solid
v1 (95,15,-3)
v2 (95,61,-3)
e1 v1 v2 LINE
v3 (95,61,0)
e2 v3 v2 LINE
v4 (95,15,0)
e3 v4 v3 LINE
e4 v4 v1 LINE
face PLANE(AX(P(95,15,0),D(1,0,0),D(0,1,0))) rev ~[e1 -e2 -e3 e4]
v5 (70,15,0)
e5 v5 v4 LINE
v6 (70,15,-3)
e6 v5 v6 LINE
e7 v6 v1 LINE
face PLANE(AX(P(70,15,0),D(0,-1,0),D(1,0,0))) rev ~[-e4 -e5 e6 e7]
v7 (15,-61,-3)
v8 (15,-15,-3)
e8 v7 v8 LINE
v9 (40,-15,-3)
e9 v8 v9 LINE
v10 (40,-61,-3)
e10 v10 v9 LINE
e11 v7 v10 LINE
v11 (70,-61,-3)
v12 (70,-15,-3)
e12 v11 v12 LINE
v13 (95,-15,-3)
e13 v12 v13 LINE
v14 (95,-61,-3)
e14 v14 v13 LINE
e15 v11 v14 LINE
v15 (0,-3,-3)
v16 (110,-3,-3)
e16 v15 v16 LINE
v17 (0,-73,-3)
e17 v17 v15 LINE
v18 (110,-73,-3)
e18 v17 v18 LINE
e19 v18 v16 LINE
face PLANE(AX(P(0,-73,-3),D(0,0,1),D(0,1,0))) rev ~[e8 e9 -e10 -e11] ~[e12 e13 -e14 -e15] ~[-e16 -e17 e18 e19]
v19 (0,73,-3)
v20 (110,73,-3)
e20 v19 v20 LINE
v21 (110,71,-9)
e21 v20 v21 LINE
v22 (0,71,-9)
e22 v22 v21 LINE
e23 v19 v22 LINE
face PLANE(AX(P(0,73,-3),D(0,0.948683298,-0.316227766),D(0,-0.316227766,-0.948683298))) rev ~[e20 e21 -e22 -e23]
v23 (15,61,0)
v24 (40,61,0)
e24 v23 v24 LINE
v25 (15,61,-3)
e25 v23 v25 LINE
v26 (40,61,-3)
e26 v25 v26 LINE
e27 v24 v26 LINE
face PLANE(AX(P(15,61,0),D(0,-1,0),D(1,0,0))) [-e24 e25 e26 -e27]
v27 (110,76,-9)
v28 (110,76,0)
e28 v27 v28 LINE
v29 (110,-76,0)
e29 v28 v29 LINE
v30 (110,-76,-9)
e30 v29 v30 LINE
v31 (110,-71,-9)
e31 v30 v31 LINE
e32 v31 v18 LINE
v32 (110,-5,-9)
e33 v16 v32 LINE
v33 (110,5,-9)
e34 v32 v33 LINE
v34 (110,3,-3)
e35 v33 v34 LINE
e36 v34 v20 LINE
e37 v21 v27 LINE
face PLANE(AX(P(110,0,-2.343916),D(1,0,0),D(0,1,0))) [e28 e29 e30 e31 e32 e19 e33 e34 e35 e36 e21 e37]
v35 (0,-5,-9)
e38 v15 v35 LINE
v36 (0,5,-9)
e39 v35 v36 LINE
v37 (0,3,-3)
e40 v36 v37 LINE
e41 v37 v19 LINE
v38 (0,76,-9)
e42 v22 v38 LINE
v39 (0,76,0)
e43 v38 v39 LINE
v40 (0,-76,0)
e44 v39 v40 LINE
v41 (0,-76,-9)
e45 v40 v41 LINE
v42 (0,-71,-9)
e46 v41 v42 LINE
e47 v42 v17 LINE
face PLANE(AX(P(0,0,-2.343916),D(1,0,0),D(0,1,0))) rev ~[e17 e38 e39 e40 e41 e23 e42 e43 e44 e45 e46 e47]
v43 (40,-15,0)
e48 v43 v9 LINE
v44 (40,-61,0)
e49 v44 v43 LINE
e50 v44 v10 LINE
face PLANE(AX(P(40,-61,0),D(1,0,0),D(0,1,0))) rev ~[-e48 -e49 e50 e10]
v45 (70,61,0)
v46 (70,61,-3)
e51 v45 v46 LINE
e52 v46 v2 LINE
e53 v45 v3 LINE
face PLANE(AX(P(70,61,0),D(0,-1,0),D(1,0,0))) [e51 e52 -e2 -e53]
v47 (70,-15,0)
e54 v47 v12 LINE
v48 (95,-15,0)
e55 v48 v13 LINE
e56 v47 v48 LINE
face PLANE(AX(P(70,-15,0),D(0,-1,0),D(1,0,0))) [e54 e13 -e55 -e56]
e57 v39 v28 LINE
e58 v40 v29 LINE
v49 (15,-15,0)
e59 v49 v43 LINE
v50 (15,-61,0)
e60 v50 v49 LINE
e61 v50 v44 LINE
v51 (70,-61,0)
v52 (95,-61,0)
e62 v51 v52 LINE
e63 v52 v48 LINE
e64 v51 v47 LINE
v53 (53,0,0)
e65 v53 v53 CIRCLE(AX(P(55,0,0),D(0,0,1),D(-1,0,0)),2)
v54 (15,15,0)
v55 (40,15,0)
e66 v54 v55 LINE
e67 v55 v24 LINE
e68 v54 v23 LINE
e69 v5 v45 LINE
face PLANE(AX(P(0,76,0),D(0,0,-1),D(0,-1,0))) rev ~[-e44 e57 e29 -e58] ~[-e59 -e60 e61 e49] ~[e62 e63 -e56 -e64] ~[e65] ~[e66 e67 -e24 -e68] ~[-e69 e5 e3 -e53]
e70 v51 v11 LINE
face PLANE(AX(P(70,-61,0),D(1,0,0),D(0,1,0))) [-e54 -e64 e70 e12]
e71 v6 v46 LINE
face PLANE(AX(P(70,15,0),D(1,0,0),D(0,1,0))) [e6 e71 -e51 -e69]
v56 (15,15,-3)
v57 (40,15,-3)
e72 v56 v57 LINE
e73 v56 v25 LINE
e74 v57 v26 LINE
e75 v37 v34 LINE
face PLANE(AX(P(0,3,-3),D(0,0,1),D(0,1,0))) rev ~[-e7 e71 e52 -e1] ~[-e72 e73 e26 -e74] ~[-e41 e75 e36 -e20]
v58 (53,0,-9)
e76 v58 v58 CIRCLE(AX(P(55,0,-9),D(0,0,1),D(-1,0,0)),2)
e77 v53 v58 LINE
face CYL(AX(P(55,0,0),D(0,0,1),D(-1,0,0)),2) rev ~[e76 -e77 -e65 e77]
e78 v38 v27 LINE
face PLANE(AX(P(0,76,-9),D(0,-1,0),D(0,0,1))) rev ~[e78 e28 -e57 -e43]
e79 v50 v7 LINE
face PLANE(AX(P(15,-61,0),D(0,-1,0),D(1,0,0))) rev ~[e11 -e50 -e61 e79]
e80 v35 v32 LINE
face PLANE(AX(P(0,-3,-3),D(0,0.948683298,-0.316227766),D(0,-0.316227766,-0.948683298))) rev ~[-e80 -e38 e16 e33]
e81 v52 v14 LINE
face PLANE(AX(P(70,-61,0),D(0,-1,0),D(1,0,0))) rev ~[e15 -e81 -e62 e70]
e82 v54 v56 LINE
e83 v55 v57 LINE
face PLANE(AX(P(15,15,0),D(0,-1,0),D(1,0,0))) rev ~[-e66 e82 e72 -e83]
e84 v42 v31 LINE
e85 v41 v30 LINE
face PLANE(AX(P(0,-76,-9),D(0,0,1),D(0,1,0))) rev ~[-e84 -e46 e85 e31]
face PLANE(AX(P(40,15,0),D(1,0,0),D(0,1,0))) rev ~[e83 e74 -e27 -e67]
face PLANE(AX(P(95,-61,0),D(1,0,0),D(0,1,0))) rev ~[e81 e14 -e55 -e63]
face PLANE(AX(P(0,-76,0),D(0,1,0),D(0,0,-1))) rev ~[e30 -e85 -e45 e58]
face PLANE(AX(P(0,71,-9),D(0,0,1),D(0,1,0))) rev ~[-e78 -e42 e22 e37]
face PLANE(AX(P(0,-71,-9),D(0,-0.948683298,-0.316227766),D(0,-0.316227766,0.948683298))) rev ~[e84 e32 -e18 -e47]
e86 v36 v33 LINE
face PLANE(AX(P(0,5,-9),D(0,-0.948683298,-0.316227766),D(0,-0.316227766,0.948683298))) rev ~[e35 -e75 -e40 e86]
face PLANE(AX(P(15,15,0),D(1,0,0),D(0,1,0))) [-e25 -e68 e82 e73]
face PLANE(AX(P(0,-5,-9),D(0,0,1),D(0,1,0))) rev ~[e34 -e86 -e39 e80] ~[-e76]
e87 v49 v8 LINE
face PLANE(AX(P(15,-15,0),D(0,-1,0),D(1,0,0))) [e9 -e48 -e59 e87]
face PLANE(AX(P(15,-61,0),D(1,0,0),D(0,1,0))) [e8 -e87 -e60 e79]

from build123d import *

# Parameters (mm, degrees)
F1_DEPTH = 110
F2_W     = 25
F2_H     = 46
F3_DEPTH = 25


with BuildPart() as f1:
    # F0 (on Right) → F1 (new body)
    with BuildSketch(Plane.YZ):
        Polygon((-5, -9), (0, -9), (5, -9), (3, -3), (73, -3), (71, -9), (73, -9), (76, -9), (76, 0), (3, 0), (0, 0), (-3, 0), (-76, 0), (-76, -9), (-73, -9), (-71, -9), (-73, -3), (-3, -3), align=None)
    extrude(amount=F1_DEPTH)

    # F2 (on face) → F3 (cut)
    with BuildSketch(Plane.XY):
        with Locations((27.5, -38)):
            Rectangle(F2_W, F2_H)
        with Locations((82.5, -38)):
            Rectangle(F2_W, F2_H)
        with Locations((82.5, 38)):
            Rectangle(F2_W, F2_H)
        with Locations((27.5, 38)):
            Rectangle(F2_W, F2_H)
        with BuildLine():
            ThreePointArc((57, 0), (55, 2), (53, 0))
            ThreePointArc((53, 0), (55, -2), (57, 0))
        make_face()
    extrude(amount=-F3_DEPTH, mode=Mode.SUBTRACT)


solid = f1.part
